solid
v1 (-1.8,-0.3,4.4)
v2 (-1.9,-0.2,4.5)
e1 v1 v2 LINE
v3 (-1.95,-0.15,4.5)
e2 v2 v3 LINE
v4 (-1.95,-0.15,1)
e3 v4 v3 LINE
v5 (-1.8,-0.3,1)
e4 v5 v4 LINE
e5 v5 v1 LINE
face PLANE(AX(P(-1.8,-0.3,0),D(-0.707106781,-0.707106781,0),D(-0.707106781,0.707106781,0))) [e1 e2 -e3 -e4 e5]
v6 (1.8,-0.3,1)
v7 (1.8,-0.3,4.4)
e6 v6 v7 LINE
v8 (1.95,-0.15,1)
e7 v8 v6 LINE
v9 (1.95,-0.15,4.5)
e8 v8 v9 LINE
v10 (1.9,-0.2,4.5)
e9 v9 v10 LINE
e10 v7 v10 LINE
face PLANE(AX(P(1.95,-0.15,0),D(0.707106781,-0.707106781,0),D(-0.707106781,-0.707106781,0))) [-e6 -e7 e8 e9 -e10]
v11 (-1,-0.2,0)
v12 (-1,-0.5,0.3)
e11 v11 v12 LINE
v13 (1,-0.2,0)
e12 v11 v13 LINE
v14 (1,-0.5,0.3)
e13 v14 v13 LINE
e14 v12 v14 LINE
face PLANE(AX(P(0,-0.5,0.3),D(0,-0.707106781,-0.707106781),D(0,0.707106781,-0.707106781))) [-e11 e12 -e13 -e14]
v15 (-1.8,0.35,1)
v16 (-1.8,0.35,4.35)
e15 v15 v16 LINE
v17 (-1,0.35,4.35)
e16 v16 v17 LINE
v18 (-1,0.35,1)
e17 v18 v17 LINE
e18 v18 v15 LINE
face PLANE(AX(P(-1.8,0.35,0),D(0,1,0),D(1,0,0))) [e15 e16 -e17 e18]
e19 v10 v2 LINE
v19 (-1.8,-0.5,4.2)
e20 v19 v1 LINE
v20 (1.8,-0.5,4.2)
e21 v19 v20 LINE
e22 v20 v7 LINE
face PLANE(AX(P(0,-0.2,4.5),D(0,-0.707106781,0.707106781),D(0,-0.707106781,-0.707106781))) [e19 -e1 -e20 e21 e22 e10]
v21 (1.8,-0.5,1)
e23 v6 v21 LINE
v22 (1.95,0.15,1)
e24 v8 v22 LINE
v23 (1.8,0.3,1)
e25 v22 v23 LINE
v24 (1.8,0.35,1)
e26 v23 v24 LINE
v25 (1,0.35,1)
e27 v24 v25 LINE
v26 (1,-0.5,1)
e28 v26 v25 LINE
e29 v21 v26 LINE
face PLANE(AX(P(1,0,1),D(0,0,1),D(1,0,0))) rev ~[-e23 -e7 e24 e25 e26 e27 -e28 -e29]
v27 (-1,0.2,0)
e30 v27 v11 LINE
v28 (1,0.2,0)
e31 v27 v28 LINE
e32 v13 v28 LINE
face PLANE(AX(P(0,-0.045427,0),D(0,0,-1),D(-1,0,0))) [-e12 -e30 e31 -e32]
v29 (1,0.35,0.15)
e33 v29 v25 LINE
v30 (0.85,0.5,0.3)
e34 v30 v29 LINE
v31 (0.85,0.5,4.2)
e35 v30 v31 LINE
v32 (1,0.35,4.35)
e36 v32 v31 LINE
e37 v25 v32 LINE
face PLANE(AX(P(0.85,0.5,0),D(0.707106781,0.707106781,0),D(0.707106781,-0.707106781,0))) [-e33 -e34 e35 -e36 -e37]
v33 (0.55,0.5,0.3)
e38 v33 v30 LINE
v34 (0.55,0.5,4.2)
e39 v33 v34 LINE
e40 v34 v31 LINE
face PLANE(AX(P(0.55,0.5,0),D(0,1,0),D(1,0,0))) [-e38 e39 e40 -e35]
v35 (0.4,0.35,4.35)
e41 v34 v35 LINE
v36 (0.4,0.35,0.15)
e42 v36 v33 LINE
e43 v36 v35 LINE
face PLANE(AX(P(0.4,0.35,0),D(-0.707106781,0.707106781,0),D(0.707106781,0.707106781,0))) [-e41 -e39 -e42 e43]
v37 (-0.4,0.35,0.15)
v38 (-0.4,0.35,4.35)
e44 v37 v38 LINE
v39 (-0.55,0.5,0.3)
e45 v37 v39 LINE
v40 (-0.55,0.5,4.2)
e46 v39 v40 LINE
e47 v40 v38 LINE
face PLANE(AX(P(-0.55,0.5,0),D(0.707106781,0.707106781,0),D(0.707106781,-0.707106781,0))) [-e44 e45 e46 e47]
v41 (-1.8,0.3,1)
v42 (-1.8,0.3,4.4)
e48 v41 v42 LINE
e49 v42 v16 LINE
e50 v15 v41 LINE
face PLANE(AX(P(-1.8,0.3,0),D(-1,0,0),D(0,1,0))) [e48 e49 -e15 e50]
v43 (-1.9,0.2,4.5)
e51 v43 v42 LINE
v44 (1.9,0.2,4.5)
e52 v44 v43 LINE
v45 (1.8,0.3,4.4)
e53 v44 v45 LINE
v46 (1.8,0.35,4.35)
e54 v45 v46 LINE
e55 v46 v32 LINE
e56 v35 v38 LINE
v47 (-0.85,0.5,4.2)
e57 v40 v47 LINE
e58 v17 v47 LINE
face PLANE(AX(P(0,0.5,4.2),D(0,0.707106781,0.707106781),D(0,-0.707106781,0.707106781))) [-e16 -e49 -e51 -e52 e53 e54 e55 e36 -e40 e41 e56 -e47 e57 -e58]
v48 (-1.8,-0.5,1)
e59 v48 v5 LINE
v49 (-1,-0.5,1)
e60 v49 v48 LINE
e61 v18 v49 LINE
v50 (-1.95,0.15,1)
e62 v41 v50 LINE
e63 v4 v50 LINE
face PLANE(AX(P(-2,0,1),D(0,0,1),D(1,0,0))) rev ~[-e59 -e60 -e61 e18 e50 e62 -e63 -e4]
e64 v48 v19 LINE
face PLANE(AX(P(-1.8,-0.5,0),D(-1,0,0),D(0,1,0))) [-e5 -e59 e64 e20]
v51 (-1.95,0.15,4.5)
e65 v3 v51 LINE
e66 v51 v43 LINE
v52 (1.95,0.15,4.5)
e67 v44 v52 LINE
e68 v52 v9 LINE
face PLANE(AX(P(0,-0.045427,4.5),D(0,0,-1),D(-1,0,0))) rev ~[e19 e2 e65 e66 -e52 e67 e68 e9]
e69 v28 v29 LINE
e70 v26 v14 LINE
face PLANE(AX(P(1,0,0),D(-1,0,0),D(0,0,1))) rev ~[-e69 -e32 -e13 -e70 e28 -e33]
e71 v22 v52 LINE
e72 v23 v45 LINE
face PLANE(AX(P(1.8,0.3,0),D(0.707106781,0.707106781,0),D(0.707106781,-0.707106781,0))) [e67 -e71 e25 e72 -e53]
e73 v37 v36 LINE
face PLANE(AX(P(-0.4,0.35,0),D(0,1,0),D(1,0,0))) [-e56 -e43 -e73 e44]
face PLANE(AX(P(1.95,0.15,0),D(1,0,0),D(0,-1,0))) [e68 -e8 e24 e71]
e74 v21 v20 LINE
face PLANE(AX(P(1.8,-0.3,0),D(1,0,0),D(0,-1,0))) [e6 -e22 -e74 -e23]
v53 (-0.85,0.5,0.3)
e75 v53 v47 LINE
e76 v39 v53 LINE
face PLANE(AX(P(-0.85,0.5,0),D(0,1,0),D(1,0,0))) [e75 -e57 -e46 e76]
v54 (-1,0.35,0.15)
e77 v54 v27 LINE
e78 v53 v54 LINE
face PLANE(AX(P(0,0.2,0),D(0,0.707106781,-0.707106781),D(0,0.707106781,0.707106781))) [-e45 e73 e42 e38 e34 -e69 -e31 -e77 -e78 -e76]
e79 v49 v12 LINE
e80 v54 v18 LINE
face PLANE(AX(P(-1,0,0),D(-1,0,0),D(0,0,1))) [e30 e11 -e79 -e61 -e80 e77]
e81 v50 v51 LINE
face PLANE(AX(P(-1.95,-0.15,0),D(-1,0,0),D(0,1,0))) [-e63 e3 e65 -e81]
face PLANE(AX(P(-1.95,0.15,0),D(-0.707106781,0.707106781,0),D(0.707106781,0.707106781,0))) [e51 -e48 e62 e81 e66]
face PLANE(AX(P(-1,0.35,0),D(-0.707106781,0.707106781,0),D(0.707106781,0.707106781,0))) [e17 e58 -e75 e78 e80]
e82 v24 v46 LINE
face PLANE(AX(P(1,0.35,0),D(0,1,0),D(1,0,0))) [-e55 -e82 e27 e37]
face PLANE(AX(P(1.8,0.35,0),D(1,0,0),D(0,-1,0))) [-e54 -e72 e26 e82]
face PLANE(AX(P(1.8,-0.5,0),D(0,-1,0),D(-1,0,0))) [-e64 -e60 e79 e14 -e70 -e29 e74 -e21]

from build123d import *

# Parameters (mm, degrees)
PAD005_DEPTH         = 4.5
SKETCH_W             = 1
SKETCH_H             = 1
POCKET_DEPTH         = 0.501
POCKET_DEPTH_BACK    = -0.501
SKETCH009_R          = 6
POCKET001_DEPTH      = 1.951
POCKET001_DEPTH_BACK = -1.951


with BuildPart() as part:
    # Sketch008 → Pad005 (new body)
    with BuildSketch(Plane.XY):
        Polygon((-1.8, -0.5), (-1.8, -0.3), (-1.95, -0.15), (-1.95, 0.15), (-1.8, 0.3), (-1.8, 0.35), (-1, 0.35), (-0.85, 0.5), (-0.55, 0.5), (-0.4, 0.35), (0.4, 0.35), (0.55, 0.5), (0.85, 0.5), (1, 0.35), (1.8, 0.35), (1.8, 0.3), (1.95, 0.15), (1.95, -0.15), (1.8, -0.3), (1.8, -0.5), align=None)
    extrude(amount=PAD005_DEPTH)

    # Sketch → Pocket (cut, two sides)
    with BuildSketch(Plane.XZ) as pocket_sk:
        with Locations((-1.5, 0.5)):
            Rectangle(SKETCH_W, SKETCH_H)
        with Locations((1.5, 0.5)):
            Rectangle(SKETCH_W, SKETCH_H)
    extrude(amount=-POCKET_DEPTH, mode=Mode.SUBTRACT)
    extrude(pocket_sk.sketch, amount=-POCKET_DEPTH_BACK, mode=Mode.SUBTRACT)

    # Sketch009 → Pocket001 (cut, two sides)
    with BuildSketch(Plane.YZ) as pocket001_sk:
        Circle(SKETCH009_R)
        Polygon((-0.5, 4.2), (-0.5, 0.3), (-0.2, 0), (0.2, 0), (0.5, 0.3), (0.5, 4.2), (0.2, 4.5), (-0.2, 4.5), align=None, mode=Mode.SUBTRACT)
    extrude(amount=-POCKET001_DEPTH, mode=Mode.SUBTRACT)
    extrude(pocket001_sk.sketch, amount=-POCKET001_DEPTH_BACK, mode=Mode.SUBTRACT)


solid = part.part
